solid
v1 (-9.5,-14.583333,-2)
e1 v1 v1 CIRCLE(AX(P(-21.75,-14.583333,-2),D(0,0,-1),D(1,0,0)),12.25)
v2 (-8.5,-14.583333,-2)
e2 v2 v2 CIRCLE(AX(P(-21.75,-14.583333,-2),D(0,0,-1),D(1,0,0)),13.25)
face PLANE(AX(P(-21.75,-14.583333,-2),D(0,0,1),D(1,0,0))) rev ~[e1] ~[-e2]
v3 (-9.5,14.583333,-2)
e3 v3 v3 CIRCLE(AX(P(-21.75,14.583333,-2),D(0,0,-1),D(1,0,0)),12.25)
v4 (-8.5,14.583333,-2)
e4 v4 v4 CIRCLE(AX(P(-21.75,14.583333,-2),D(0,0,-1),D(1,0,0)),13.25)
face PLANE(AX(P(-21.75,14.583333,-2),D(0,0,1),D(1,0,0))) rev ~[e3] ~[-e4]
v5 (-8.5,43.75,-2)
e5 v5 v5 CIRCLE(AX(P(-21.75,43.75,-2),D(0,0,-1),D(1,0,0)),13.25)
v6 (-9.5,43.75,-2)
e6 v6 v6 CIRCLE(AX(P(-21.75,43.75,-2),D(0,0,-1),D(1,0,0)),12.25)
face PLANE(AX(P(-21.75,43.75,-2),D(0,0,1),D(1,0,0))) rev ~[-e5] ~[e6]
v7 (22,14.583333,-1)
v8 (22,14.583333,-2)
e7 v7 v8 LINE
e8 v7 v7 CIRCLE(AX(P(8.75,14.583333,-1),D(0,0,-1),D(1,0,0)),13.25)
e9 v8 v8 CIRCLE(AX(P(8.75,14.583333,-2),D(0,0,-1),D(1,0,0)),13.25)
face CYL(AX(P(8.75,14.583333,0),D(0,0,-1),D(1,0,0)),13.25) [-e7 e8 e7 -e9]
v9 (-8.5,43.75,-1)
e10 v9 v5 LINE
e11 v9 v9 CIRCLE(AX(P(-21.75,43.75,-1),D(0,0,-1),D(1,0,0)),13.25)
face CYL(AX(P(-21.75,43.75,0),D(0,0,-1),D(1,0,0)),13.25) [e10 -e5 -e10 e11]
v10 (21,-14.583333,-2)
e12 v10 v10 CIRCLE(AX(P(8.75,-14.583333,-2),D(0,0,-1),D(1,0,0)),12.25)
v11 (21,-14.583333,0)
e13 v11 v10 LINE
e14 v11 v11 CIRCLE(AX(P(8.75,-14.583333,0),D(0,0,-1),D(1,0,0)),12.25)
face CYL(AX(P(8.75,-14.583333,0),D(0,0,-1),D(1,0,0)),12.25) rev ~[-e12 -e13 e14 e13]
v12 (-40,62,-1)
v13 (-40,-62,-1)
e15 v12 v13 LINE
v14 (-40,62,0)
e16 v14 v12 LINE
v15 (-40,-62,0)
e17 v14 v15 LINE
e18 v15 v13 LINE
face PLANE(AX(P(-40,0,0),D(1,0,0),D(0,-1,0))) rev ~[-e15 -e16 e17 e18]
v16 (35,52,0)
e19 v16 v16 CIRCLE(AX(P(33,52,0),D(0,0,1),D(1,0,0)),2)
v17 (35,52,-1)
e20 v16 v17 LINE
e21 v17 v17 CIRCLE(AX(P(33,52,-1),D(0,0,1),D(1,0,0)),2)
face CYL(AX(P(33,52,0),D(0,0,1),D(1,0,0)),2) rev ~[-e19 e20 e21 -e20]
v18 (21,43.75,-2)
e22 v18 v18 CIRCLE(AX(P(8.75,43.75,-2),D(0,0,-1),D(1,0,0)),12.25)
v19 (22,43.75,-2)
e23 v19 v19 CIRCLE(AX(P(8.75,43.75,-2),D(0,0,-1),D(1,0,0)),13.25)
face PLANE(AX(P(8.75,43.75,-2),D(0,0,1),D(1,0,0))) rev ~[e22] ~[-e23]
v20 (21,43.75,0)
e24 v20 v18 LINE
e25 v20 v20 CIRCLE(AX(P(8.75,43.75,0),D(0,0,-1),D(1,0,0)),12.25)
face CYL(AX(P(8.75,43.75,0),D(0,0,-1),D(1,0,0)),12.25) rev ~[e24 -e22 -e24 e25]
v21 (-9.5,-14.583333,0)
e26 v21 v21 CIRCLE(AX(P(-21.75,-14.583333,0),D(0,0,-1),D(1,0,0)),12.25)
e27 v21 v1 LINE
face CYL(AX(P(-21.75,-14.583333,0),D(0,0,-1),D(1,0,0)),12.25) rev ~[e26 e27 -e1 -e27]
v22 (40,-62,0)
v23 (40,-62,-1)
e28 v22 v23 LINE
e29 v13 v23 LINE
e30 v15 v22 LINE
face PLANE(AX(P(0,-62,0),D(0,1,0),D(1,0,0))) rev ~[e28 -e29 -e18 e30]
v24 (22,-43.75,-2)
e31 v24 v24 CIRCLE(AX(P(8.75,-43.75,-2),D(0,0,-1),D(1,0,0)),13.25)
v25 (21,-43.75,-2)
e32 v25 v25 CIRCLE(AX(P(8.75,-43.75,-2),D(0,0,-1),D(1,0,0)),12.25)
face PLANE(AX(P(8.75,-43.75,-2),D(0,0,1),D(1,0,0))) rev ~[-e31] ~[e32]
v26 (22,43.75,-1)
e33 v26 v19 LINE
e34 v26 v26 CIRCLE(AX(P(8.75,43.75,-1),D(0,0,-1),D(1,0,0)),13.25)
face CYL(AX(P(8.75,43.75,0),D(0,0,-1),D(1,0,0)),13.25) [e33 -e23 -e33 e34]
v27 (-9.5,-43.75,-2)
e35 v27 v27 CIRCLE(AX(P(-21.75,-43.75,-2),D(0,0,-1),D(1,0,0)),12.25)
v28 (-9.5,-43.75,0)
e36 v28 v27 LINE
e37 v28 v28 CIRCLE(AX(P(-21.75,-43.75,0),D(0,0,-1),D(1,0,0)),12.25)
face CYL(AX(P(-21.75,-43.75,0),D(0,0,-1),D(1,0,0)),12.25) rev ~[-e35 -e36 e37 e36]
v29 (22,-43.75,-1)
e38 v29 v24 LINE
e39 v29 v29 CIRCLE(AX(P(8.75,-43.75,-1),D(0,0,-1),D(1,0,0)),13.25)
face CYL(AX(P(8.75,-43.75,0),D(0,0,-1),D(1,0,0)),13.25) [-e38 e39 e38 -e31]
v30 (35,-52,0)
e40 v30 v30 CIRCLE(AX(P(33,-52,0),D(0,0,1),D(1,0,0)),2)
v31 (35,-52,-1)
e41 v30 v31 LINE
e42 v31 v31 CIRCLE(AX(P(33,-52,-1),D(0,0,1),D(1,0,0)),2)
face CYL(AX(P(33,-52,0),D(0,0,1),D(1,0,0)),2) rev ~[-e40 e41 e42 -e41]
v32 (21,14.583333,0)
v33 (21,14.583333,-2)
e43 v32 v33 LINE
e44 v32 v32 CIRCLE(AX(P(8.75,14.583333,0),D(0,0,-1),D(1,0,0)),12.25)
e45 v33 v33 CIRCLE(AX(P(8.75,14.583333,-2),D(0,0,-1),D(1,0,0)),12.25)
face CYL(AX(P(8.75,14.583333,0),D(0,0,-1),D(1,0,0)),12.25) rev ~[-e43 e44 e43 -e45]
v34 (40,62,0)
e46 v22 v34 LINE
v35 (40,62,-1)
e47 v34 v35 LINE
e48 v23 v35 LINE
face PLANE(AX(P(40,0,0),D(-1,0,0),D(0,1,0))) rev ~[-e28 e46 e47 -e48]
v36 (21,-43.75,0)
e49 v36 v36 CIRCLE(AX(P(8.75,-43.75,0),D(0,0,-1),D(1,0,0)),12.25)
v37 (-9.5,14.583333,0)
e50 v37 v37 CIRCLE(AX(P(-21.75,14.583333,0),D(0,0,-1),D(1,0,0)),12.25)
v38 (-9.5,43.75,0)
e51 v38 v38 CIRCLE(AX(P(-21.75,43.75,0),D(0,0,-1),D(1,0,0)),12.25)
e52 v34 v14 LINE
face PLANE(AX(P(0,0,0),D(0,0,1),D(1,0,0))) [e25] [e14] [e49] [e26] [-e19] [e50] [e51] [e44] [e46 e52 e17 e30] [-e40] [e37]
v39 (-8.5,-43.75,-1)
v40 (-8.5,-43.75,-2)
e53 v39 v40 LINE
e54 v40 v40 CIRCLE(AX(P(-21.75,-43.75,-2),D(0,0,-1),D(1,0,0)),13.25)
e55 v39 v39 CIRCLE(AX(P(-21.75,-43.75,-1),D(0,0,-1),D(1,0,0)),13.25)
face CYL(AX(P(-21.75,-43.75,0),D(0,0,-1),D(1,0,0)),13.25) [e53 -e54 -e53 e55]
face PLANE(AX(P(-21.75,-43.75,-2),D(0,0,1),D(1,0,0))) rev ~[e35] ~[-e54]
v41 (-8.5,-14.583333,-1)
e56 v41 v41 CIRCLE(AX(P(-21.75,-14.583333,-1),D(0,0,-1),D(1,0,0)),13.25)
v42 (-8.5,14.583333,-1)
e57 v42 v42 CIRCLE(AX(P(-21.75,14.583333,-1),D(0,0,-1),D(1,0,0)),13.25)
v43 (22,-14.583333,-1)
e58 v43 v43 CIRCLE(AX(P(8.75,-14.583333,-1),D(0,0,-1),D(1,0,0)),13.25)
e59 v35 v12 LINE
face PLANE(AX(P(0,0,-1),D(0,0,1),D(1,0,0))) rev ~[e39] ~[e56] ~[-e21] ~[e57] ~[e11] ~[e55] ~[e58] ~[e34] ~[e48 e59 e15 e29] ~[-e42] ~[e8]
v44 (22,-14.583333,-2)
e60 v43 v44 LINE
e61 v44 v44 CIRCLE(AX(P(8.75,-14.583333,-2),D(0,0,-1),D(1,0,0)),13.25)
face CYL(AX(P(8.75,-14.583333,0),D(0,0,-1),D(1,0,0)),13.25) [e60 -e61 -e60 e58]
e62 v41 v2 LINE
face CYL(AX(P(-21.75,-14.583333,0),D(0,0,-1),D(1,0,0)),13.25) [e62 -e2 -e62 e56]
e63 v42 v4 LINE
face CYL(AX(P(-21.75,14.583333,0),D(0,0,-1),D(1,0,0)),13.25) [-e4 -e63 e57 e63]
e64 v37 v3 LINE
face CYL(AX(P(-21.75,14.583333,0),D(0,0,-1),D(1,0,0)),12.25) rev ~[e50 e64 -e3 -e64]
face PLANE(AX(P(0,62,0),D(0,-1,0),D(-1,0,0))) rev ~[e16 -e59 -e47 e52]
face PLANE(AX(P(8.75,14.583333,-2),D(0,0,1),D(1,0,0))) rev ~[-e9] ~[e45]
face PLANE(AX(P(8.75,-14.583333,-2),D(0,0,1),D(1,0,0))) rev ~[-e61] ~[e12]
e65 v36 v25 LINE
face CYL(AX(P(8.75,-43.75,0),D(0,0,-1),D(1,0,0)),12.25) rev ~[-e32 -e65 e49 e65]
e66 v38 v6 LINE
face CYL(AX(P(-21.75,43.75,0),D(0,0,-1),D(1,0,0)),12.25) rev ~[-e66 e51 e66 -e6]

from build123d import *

# Parameters (mm, degrees)
F0_W     = 80
F0_H     = 124
F0_R     = 13.25
F0_R_2   = 12.25
F4_R     = 2
F5_DEPTH = 2


with BuildPart() as f2:
    # F2: sweep along a path in F1
    with BuildLine(Plane.YZ) as f2_path:
        Line((62, 0), (62, -1))
    # F0 (on Top) → F2 (sweep)
    with BuildSketch(Plane.XY):
        Rectangle(F0_W, F0_H)
        with Locations((-21.75, -43.75)):
            Circle(F0_R, mode=Mode.SUBTRACT)
        with Locations((-21.75, -14.583333)):
            Circle(F0_R, mode=Mode.SUBTRACT)
        with Locations((8.75, -43.75)):
            Circle(F0_R, mode=Mode.SUBTRACT)
        with Locations((8.75, -14.583333)):
            Circle(F0_R, mode=Mode.SUBTRACT)
        with Locations((-21.75, 14.583333)):
            Circle(F0_R, mode=Mode.SUBTRACT)
        with Locations((-21.75, 43.75)):
            Circle(F0_R, mode=Mode.SUBTRACT)
        with Locations((8.75, 14.583333)):
            Circle(F0_R, mode=Mode.SUBTRACT)
        with Locations((8.75, 43.75)):
            Circle(F0_R, mode=Mode.SUBTRACT)
    sweep(path=f2_path.line)

    # F3: sweep along a path in F1
    with BuildLine(Plane.YZ) as f3_path:
        Line((62, 0), (62, -1))
        Line((62, -1), (62, -2))
    # F0 (on Top) → F3 (sweep)
    with BuildSketch(Plane.XY):
        with Locations((-21.75, -14.583333)):
            Circle(F0_R)
        with Locations((-21.75, -14.583333)):
            Circle(F0_R_2, mode=Mode.SUBTRACT)
        with Locations((-21.75, 14.583333)):
            Circle(F0_R)
        with Locations((-21.75, 14.583333)):
            Circle(F0_R_2, mode=Mode.SUBTRACT)
        with Locations((-21.75, -43.75)):
            Circle(F0_R)
        with Locations((-21.75, -43.75)):
            Circle(F0_R_2, mode=Mode.SUBTRACT)
        with Locations((8.75, -43.75)):
            Circle(F0_R)
        with Locations((8.75, -43.75)):
            Circle(F0_R_2, mode=Mode.SUBTRACT)
        with Locations((8.75, -14.583333)):
            Circle(F0_R)
        with Locations((8.75, -14.583333)):
            Circle(F0_R_2, mode=Mode.SUBTRACT)
        with Locations((8.75, 14.583333)):
            Circle(F0_R)
        with Locations((8.75, 14.583333)):
            Circle(F0_R_2, mode=Mode.SUBTRACT)
        with Locations((8.75, 43.75)):
            Circle(F0_R)
        with Locations((8.75, 43.75)):
            Circle(F0_R_2, mode=Mode.SUBTRACT)
        with Locations((-21.75, 43.75)):
            Circle(F0_R)
        with Locations((-21.75, 43.75)):
            Circle(F0_R_2, mode=Mode.SUBTRACT)
    sweep(path=f3_path.line)

    # F4 (on face) → F5 (cut)
    with BuildSketch(Plane.XY):
        with Locations((33, 52)):
            Circle(F4_R)
        with Locations((33, -52)):
            Circle(F4_R)
    extrude(amount=-F5_DEPTH, mode=Mode.SUBTRACT)


solid = f2.part
